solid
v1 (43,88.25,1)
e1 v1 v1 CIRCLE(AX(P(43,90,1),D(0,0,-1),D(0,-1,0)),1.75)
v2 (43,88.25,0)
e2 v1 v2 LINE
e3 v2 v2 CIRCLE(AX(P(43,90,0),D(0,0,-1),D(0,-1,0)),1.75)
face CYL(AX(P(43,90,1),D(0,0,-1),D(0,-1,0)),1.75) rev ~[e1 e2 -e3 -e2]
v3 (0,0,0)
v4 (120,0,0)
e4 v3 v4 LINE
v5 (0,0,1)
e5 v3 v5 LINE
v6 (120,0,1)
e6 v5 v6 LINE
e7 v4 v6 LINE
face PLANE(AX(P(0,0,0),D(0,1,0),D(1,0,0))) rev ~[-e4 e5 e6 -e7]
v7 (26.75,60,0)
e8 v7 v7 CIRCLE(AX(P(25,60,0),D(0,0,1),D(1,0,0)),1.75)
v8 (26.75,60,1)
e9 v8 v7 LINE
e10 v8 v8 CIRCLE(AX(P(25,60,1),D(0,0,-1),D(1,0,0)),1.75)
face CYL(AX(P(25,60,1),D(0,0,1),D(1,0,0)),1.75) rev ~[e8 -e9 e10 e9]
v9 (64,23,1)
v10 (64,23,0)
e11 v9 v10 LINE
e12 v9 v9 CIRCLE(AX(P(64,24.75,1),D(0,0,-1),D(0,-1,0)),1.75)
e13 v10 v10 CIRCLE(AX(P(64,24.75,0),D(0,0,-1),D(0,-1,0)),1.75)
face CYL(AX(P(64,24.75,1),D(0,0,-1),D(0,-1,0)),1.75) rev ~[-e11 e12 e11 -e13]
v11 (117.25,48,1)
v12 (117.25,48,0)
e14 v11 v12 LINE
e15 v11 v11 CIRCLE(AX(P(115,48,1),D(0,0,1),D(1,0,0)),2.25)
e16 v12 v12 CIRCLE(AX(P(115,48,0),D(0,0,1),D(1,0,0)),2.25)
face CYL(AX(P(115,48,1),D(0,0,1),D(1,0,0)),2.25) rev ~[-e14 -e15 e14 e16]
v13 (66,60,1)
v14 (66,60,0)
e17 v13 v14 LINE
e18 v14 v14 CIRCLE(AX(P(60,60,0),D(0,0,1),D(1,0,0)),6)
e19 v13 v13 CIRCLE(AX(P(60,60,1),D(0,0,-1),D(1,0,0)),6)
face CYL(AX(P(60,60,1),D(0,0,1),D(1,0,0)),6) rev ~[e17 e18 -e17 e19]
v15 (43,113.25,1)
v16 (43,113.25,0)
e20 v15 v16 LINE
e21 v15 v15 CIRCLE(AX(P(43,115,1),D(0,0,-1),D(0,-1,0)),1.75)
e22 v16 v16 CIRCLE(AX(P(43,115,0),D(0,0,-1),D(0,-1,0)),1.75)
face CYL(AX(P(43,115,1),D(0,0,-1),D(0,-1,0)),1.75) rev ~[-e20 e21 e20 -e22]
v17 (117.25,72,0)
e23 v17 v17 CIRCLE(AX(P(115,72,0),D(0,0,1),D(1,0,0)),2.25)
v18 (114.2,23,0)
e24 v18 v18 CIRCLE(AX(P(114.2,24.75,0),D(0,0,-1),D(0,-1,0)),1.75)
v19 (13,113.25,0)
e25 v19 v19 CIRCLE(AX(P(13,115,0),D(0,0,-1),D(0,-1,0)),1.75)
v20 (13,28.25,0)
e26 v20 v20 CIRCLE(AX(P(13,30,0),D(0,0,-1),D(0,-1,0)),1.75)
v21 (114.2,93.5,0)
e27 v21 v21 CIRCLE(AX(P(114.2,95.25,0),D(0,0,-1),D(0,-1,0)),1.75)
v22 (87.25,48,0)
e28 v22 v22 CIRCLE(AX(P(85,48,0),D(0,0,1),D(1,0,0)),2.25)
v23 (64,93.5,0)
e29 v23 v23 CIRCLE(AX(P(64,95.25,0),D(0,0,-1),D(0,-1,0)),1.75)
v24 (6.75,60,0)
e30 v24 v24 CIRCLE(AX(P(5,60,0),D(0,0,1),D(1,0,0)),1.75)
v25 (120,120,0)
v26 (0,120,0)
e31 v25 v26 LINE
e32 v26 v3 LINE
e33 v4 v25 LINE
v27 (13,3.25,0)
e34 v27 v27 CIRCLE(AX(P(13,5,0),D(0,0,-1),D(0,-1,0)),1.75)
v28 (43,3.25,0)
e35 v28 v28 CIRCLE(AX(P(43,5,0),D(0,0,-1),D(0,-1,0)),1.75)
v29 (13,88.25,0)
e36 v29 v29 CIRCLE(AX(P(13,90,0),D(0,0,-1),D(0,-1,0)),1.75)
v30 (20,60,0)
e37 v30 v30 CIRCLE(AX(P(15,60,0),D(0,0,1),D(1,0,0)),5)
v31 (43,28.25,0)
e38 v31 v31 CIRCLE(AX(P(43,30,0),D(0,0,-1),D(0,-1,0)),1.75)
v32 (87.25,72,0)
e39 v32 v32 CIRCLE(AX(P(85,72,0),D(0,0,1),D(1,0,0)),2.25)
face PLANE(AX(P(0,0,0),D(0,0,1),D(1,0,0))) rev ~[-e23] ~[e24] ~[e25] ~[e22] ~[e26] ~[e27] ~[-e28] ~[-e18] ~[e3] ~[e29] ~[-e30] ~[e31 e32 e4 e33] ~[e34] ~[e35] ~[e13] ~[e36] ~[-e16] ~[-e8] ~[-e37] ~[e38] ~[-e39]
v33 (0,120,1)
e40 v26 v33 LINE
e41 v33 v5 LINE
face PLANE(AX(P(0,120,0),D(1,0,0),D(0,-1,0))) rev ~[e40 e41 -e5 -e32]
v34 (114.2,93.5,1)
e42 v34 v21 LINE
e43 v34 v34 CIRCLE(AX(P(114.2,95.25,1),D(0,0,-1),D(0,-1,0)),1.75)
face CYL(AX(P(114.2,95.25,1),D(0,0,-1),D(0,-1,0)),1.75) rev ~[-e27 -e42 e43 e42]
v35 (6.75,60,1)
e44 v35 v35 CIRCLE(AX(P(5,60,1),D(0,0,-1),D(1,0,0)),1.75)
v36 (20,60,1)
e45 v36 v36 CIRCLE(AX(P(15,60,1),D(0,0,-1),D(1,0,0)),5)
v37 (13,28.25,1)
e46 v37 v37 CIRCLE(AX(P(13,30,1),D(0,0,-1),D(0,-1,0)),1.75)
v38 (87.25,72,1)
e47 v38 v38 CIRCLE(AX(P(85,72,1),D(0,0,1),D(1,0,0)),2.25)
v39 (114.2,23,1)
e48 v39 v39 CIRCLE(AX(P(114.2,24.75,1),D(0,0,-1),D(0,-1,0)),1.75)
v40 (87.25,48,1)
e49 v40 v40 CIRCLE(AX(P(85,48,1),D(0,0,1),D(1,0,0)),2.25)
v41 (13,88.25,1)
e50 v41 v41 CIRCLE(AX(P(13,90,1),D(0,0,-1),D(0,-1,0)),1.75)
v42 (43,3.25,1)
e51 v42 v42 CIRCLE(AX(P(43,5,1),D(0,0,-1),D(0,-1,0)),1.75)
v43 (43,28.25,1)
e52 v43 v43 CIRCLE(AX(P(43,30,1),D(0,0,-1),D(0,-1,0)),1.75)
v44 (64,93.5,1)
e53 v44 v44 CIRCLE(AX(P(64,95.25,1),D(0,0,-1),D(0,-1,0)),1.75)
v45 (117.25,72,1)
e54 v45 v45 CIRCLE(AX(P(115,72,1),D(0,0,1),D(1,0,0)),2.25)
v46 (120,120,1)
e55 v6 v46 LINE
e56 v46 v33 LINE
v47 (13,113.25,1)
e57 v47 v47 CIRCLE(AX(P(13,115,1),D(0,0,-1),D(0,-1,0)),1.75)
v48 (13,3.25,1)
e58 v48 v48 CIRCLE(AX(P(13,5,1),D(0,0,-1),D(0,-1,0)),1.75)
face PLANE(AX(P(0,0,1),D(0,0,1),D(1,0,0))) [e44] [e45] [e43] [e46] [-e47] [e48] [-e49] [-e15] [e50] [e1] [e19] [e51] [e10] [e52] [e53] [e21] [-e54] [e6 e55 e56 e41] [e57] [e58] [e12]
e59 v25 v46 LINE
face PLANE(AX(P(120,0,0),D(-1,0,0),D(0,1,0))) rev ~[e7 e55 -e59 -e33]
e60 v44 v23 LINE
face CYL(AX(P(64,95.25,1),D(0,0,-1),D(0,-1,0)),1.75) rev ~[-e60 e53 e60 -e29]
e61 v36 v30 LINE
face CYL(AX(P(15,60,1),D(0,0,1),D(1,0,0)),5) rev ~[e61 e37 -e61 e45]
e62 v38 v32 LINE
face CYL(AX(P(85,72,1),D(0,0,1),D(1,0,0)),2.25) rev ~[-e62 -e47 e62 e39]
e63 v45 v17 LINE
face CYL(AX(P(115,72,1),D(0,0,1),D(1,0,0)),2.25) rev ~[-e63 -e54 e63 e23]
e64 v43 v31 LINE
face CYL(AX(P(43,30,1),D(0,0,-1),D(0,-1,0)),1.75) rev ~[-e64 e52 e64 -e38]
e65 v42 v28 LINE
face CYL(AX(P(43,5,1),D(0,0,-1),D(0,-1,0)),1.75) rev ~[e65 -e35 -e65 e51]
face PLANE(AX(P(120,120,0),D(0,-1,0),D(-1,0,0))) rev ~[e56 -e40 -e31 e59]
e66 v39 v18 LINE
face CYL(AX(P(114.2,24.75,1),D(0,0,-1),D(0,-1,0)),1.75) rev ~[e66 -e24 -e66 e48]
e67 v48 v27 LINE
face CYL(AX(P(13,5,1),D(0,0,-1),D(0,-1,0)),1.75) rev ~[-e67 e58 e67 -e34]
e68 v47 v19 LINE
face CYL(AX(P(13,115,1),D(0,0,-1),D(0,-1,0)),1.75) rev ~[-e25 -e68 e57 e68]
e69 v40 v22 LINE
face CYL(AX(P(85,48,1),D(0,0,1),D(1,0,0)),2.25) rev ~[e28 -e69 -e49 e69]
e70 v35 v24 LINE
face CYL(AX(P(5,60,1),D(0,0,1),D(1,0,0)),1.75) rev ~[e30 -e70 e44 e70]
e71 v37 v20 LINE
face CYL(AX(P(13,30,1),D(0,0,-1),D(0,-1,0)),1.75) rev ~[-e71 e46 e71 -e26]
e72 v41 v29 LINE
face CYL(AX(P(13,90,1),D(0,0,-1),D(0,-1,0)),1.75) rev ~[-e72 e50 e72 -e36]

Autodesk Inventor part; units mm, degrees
ref_plane "YZ Plane" through (0, 0, 0) normal (1, 0, 0) x (0, 1, 0)
ref_plane "XZ Plane" through (0, 0, 0) normal (0, 1, 0) x (-1, 0, 0)
ref_plane "XY Plane" through (0, 0, 0) normal (0, 0, 1) x (1, 0, 0)
sketch "スケッチ1" plane through (0, 0, 0) normal (0, 0, 1) x (1, 0, 0)
  line L0 (0, 0) -> (120, 0)
  line L1 (120, 0) -> (120, 120)
  line L2 (120, 120) -> (0, 120)
  line L3 (0, 120) -> (0, 0)
  dimension "d0" = 120
  dimension "d1" = 120
extrude "押し出し1" add sketch "スケッチ1" along normal blind 1
sketch "スケッチ2" plane through (0, 0, 1) normal (0, 0, 1) x (1, 0, 0)
  line L0 (0, 120) -> (0, 0) projected
  line L1 (0, 60) -> (120, 60)
  line L2 (120, 0) -> (120, 120) projected
  circle A0 centre (60, 60) radius 6
  circle A1 centre (15, 60) radius 5
  circle A2 centre (115, 95.25) radius 1.5
  circle A3 centre (85, 95.25) radius 1.5
  line L3 (120, 120) -> (0, 120) projected
  circle A4 centre (5, 60) radius 1.75
  circle A5 centre (25, 60) radius 1.75
  dimension "d4" = 12
  dimension "d5" = 10
  dimension "d6" = 3
  dimension "d7" = 3
  dimension "d8" = 15
  dimension "d9" = 30
  dimension "d10" = 5
  dimension "d11" = 24.75
  dimension "d12" = 24.75
  dimension "d13" = 3.5
  dimension "d14" = 3.5
  dimension "d15" = 20
  dimension "d16" = 5
extrude "押し出し2" cut sketch "スケッチ2" against normal through all contours A4 L1 | L1 A4 | A0 L1 | L1 A0 | A1 L1 | L1 A1 | A5 L1 | L1 A5 | A2 | A3
sketch "スケッチ3" plane through (0, 0, 1) normal (0, 0, 1) x (1, 0, 0)
  line L0 (0, 120) -> (0, 0) projected
  line L1 (0, 60) -> (120, 60) construction
  line L2 (120, 0) -> (120, 120) projected
  line L3 (120, 120) -> (0, 120) construction
  point P0 (13, 115)
  point P1 (43, 115)
  point P2 (13, 90)
  point P3 (43, 90)
  point P4 (13, 5)
  point P5 (43, 5)
  point P6 (13, 30)
  point P7 (43, 30)
  dimension "d19" = 5
  dimension "d20" = 13
  dimension "d23" = 30
  dimension "d26" = 25
hole "穴1" at (13, 115, 1) at (43, 115, 1) at (13, 90, 1) at (43, 90, 1) at (13, 5, 1) at (43, 5, 1) at (43, 30, 1) at (13, 30, 1) direction (0, 0, -1) diameter 3.5 end through all
sketch "スケッチ4" plane through (0, 0, 1) normal (0, 0, 1) x (1, 0, 0)
  point P0 (0, 0)
sketch "スケッチ5" plane through (0, 0, 1) normal (0, 0, 1) x (1, 0, 0)
  circle A0 centre (85, 95.25) radius 1.5 projected
  circle A1 centre (85, 95.25) radius 1.5
  circle A2 centre (115, 95.25) radius 1.5 projected
  circle A3 centre (115, 95.25) radius 1.5
  point P0 (0, 0)
extrude "押し出し3" add sketch "スケッチ5" against normal blind 1
sketch "スケッチ6" plane through (0, 0, 1) normal (0, 0, 1) x (1, 0, 0)
  line L0 (0, 120) -> (0, 0) projected
  line L1 (0, 60) -> (120, 60) construction
  line L2 (120, 0) -> (120, 120) projected
  line L3 (0, 0) -> (120, 0) projected
  line L4 (50.2, 60) -> (170.2, 60) construction
  line L5 (120, 120) -> (0, 120) projected
  point P0 (64, 24.75)
  point P1 (114.2, 24.75)
  point P2 (85, 48)
  point P3 (115, 48)
  point P4 (64, 95.25)
  point P5 (114.2, 95.25)
  point P6 (85, 72)
  point P7 (115, 72)
  dimension "d38" = 64
  dimension "d39" = 24.75
  dimension "d42" = 50.2
  dimension "d47" = 72
  dimension "d48" = 85
  dimension "d51" = 30
hole "穴2" at (64, 24.75, 1) at (114.2, 24.75, 1) at (85, 48, 1) at (115, 48, 1) at (85, 72, 1) at (115, 72, 1) at (64, 95.25, 1) at (114.2, 95.25, 1) direction (0, 0, -1) diameter 3.5 end through all
sketch "スケッチ7" plane through (0, 0, 1) normal (0, 0, 1) x (1, 0, 0)
  circle A0 centre (85, 72) radius 1.75 projected
  circle A1 centre (85, 72) radius 2.25
  circle A2 centre (115, 72) radius 1.75 projected
  circle A3 centre (115, 72) radius 2.25
  circle A4 centre (115, 48) radius 1.75 projected
  circle A5 centre (115, 48) radius 2.25
  circle A6 centre (85, 48) radius 1.75 projected
  circle A7 centre (85, 48) radius 2.25
  point P0 (0, 0)
  dimension "d63" = 4.5
  dimension "d64" = 4.5
  dimension "d65" = 4.5
  dimension "d66" = 4.5
extrude "押し出し4" cut sketch "スケッチ7" against normal blind 1 contours A0 | A1 | A2 | A3 | A4 | A5 | A6 | A7
properties part number "RD002_フレーム"
